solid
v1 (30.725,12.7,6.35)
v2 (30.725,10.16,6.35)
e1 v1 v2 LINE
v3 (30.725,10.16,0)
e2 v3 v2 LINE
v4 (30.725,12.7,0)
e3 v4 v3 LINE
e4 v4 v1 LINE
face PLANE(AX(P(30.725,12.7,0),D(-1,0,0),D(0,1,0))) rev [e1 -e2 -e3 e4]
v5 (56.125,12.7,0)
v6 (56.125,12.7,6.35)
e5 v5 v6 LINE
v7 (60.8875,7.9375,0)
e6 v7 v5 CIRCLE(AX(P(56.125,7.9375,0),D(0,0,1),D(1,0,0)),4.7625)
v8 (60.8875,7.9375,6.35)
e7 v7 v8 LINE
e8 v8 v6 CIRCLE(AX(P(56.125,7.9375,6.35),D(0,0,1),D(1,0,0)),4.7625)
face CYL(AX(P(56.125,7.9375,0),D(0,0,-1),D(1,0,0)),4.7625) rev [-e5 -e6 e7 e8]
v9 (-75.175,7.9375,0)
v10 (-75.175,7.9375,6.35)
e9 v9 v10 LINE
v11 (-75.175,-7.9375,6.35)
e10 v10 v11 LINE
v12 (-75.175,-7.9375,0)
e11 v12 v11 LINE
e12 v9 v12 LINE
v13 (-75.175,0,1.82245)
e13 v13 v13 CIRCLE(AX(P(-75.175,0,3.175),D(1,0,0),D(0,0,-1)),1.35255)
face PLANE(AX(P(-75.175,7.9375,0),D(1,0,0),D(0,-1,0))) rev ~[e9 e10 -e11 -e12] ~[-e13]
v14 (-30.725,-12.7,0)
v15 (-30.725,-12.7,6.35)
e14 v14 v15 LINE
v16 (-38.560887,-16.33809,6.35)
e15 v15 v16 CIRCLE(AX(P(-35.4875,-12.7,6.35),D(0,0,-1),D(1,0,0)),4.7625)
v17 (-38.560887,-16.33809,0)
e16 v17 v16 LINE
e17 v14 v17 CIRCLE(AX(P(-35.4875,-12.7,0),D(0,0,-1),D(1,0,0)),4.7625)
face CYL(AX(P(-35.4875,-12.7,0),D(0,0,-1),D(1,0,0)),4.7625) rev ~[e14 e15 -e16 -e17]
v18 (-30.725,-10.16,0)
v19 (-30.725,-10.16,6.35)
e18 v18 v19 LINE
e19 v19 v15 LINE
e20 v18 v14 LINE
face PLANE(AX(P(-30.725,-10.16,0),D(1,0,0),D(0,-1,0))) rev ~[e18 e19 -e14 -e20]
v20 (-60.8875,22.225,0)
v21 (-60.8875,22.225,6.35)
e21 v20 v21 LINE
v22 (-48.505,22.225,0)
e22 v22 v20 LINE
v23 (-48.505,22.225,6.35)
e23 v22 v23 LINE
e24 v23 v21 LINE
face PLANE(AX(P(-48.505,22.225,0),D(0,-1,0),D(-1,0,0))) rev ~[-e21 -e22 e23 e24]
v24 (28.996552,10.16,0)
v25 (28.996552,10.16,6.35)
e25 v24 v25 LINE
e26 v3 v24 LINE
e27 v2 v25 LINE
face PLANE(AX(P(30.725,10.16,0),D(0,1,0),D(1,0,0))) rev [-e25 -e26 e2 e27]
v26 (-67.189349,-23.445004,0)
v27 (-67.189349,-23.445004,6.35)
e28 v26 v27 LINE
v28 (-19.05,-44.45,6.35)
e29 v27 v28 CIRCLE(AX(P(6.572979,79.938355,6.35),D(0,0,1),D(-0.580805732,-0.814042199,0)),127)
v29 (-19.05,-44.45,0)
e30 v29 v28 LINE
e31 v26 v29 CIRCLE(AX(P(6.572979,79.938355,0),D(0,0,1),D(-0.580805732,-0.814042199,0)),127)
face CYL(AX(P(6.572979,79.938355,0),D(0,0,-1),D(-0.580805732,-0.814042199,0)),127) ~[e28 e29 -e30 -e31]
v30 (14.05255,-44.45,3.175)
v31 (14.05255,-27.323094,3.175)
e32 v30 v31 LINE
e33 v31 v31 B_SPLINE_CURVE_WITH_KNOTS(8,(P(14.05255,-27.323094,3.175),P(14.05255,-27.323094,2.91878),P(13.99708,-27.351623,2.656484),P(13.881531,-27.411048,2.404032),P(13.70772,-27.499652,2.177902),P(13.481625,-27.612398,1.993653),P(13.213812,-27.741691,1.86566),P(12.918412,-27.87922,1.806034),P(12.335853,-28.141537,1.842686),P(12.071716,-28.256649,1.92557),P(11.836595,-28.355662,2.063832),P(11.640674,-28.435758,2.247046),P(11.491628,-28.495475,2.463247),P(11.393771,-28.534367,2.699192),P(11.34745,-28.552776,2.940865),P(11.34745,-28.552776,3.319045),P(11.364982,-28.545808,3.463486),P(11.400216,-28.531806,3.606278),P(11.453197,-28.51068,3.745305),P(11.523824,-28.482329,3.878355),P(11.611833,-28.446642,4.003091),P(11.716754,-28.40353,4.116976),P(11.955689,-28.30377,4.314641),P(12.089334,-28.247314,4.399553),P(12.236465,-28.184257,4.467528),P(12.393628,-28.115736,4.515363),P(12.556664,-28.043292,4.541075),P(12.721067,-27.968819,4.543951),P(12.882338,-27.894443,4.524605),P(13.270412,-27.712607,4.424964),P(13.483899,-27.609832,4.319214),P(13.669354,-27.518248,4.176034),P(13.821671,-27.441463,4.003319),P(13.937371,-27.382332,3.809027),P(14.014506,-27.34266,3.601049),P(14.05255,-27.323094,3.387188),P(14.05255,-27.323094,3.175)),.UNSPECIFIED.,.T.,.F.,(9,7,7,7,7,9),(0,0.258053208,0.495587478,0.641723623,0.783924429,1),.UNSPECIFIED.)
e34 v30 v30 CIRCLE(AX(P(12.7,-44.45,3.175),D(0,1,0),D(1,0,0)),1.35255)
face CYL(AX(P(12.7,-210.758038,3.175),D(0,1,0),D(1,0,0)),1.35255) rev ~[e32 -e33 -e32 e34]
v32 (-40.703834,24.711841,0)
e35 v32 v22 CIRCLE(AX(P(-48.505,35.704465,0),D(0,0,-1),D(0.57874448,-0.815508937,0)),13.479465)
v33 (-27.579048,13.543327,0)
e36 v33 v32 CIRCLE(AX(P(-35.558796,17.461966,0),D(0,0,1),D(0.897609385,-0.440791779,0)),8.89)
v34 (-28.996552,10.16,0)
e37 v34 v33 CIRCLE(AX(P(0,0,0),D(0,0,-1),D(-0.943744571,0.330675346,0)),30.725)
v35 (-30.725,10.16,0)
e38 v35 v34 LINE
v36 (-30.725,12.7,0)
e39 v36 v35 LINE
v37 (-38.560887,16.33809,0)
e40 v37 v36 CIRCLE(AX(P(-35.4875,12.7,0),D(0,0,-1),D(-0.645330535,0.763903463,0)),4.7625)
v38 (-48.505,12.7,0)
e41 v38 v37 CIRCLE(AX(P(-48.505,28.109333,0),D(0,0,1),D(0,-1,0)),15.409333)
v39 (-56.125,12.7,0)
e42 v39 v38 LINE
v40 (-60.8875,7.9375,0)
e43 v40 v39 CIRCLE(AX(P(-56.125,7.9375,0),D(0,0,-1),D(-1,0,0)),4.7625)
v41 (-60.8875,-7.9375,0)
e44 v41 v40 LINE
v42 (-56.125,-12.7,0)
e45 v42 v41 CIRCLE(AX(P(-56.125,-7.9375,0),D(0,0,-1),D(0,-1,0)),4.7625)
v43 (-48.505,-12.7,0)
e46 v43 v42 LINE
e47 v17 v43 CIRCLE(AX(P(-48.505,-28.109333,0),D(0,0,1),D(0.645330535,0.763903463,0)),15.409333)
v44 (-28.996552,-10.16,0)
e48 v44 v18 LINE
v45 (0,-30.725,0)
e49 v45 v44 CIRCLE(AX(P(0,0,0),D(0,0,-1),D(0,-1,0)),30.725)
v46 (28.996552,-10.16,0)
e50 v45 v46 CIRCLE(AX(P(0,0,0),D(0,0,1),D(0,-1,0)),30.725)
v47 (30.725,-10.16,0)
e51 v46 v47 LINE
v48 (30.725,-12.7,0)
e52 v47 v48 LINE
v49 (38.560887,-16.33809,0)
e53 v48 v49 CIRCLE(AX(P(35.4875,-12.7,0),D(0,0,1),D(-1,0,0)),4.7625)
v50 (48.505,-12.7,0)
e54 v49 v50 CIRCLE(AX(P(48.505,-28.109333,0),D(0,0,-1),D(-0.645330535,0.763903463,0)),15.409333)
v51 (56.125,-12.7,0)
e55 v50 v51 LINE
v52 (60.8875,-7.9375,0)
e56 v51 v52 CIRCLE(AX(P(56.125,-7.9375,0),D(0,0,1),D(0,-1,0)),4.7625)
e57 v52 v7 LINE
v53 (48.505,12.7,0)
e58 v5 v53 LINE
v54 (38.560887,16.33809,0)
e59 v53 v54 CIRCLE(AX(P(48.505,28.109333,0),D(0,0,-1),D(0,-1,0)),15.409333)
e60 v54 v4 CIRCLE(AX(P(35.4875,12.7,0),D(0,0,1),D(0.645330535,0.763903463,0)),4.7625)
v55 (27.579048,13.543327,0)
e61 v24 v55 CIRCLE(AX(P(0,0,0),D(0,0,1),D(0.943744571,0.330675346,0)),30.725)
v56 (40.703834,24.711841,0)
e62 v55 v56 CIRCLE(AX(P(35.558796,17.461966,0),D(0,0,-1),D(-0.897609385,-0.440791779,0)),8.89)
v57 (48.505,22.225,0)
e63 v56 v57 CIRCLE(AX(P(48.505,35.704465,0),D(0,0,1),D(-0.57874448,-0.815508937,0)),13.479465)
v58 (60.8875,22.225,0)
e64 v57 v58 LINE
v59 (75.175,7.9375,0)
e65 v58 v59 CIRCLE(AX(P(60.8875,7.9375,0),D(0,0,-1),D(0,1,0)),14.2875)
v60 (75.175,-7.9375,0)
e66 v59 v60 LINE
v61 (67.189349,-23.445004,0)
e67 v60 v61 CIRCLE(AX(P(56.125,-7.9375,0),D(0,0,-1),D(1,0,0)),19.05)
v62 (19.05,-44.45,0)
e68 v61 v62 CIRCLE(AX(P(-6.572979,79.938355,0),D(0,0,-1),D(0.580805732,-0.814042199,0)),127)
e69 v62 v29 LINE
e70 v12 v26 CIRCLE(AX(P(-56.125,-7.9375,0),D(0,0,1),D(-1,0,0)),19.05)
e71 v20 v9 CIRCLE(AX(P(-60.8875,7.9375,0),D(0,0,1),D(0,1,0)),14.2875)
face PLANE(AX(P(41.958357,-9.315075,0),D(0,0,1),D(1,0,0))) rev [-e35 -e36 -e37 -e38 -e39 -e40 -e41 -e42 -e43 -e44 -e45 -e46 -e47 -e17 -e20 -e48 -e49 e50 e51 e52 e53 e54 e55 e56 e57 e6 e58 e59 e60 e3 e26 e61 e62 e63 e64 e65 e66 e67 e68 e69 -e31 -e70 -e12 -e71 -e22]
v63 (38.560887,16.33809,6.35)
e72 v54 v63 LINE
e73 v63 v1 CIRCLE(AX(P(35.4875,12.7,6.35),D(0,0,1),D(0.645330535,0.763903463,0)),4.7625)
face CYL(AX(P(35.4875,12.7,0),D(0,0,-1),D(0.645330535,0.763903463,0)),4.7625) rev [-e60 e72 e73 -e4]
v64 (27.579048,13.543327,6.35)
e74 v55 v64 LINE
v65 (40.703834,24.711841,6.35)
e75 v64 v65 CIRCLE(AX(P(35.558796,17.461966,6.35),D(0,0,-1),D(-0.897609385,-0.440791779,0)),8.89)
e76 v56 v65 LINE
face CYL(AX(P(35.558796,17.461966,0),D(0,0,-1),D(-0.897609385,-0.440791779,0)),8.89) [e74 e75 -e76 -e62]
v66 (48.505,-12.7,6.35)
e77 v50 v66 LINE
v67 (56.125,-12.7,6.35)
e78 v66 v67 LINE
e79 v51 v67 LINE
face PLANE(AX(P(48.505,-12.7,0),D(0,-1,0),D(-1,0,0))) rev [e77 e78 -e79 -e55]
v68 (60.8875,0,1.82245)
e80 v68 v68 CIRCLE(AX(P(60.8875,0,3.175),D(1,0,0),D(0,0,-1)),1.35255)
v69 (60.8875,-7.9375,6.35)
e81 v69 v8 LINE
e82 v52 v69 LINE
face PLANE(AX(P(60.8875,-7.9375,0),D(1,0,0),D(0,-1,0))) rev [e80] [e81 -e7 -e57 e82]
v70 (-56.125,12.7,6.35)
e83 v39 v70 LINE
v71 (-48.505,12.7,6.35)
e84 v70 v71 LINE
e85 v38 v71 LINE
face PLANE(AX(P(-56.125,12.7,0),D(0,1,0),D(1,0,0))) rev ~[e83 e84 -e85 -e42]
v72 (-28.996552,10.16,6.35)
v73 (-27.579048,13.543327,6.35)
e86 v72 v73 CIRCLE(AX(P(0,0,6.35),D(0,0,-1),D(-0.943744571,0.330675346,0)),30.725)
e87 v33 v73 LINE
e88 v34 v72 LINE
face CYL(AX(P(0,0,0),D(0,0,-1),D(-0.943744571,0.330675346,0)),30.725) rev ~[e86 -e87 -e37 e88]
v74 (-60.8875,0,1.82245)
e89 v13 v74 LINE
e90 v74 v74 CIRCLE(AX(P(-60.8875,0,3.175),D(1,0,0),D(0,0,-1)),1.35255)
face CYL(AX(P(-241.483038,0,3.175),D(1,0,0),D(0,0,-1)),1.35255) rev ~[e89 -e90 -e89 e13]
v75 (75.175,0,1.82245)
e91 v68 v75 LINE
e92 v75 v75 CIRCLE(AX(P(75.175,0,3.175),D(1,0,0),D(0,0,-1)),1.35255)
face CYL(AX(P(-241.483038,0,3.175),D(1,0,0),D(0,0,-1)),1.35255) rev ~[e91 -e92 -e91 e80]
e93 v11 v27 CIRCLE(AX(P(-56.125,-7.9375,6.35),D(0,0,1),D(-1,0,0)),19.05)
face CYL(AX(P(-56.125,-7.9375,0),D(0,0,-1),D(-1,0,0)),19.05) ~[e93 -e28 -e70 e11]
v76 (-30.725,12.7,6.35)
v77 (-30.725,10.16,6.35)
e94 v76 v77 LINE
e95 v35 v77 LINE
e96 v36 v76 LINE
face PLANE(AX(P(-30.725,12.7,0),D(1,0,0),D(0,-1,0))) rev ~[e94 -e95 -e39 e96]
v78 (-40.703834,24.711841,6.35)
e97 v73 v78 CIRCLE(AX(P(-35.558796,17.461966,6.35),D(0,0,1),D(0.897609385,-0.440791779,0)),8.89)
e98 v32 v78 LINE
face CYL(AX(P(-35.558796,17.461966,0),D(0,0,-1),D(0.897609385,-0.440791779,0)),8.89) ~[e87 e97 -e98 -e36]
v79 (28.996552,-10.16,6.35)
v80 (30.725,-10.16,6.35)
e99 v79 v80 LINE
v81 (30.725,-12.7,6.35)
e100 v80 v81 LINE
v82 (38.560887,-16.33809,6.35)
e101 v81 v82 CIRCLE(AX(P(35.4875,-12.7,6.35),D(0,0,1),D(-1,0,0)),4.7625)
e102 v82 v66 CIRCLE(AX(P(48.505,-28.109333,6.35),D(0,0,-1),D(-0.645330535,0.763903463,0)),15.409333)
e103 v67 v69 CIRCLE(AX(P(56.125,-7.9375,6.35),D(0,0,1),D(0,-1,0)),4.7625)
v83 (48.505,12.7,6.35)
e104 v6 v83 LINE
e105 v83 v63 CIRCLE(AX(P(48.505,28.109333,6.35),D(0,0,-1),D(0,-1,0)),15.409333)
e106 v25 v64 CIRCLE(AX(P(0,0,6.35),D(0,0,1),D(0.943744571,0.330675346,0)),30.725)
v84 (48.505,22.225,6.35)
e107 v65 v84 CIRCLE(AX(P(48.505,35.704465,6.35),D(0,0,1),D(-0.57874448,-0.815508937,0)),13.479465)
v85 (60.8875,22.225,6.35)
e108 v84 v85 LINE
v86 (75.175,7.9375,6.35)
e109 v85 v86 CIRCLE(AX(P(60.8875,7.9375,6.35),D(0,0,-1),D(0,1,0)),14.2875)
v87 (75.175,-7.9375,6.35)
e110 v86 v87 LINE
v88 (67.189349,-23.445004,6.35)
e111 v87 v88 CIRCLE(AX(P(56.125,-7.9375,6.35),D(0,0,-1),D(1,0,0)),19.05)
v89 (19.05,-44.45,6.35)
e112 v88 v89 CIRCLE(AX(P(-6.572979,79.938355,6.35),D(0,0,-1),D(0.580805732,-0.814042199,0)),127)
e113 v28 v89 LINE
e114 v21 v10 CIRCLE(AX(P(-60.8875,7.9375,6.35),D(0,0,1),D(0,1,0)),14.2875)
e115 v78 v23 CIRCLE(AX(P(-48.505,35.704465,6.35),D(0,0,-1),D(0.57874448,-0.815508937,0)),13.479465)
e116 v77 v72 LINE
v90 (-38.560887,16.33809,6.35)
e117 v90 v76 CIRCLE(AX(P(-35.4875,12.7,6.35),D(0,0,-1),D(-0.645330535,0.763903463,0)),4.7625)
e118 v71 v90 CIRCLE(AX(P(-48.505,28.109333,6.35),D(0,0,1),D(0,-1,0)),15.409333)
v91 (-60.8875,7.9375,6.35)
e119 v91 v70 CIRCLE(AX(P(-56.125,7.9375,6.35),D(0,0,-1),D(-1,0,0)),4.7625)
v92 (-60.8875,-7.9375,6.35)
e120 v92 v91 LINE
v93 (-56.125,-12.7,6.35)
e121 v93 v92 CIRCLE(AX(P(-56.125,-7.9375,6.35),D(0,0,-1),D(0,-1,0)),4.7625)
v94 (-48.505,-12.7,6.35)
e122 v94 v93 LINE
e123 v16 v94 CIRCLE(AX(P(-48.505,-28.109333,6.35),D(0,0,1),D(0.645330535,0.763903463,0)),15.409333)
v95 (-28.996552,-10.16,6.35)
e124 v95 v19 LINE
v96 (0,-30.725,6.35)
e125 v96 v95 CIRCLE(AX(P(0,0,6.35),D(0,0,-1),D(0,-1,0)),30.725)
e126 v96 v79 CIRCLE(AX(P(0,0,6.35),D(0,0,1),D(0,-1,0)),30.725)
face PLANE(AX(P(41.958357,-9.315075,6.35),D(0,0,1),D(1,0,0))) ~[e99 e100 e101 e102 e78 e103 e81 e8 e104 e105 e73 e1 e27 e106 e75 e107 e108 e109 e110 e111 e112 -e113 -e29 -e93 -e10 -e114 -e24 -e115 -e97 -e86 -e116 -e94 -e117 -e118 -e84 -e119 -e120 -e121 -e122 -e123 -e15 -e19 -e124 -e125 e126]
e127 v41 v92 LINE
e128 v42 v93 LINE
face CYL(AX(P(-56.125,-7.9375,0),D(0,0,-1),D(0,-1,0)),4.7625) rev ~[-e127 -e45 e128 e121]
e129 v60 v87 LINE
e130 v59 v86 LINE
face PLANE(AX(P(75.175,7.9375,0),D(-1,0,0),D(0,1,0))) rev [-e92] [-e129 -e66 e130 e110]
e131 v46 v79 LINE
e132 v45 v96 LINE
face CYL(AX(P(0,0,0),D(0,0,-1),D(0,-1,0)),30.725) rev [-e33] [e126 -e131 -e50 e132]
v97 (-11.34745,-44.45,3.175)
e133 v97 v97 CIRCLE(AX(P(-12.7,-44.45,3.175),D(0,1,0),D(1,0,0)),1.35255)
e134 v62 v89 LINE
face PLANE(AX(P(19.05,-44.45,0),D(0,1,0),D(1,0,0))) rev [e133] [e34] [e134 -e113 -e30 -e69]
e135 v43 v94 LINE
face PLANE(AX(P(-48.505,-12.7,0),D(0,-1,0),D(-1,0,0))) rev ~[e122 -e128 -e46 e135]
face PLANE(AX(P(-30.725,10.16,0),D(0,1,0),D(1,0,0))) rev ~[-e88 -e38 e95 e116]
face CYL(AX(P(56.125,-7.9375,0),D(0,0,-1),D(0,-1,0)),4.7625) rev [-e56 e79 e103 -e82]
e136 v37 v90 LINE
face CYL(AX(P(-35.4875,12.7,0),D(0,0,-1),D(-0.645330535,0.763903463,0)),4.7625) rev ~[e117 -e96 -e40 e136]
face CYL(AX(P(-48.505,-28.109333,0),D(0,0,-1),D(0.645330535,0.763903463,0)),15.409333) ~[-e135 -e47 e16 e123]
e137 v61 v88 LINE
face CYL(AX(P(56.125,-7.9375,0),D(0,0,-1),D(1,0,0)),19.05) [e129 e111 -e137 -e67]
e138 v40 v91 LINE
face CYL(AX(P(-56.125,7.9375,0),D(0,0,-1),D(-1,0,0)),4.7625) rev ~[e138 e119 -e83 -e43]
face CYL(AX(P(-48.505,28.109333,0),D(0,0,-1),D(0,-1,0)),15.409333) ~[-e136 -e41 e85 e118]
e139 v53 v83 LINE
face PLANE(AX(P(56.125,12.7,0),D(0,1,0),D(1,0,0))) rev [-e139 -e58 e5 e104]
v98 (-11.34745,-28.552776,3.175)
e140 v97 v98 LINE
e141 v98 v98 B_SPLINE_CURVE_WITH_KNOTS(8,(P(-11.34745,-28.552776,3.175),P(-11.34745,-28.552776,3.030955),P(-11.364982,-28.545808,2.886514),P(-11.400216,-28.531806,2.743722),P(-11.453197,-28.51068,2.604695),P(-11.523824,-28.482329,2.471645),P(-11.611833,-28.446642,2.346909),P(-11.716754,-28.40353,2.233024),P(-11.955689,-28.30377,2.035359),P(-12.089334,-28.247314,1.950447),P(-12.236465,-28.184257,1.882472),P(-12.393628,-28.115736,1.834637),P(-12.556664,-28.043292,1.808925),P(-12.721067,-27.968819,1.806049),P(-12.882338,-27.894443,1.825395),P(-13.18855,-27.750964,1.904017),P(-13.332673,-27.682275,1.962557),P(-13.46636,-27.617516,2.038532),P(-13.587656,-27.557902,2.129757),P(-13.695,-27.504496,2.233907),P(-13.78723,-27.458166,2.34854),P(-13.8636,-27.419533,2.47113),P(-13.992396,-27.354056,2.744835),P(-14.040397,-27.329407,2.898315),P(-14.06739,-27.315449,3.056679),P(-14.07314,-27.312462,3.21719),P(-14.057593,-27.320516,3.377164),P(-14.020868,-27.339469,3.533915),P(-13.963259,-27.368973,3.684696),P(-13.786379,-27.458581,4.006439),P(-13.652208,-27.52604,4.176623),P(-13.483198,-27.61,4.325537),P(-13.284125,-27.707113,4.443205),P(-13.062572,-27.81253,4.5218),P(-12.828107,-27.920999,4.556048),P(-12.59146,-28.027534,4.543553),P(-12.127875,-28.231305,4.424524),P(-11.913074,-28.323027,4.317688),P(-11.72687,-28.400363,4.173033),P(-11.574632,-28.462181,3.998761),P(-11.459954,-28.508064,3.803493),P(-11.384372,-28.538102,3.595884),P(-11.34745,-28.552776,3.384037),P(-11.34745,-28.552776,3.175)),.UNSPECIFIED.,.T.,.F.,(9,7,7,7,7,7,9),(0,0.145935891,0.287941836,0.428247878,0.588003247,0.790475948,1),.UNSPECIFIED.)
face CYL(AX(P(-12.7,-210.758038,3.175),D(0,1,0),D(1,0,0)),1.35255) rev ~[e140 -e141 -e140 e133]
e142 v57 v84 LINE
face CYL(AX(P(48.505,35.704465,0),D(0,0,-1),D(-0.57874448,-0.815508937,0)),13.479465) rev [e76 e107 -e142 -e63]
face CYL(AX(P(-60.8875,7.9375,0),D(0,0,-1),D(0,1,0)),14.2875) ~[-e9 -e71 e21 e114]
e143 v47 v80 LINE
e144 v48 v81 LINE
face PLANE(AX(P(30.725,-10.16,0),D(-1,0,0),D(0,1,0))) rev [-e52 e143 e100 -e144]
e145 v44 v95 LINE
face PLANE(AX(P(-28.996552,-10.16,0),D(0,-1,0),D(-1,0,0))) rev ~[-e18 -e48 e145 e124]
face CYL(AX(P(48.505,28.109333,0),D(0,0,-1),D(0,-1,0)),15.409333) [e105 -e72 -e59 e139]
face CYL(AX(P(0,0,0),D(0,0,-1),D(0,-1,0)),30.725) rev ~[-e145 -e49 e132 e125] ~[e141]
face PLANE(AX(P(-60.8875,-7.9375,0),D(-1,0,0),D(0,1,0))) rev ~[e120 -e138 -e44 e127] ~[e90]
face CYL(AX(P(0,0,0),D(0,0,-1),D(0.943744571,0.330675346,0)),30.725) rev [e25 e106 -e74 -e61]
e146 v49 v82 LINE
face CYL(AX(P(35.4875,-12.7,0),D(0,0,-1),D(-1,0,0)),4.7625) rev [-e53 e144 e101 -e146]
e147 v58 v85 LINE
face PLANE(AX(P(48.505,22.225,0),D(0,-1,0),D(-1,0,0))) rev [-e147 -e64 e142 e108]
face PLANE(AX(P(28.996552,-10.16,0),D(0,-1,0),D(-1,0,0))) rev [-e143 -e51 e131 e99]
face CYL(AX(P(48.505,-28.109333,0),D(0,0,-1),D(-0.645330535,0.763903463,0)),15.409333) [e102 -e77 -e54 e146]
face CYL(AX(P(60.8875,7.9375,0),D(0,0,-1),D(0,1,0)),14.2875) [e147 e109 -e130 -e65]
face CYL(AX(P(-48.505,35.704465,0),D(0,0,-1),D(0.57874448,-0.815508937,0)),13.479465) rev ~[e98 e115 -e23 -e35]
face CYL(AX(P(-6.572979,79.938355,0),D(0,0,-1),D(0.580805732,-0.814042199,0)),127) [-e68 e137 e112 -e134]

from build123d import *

# Parameters (mm, degrees)
BOSS_EXTRUDE1_DEPTH   = 6.35
F_6_32_TAPPED_HOLE2_D = 2.7051
F_6_32_TAPPED_HOLE1_D = 2.7051


with BuildPart() as part:
    # Sketch1 → Boss-Extrude1 (new body)
    with BuildSketch(Plane.XY):
        with BuildLine():
            Line((-30.725, 12.7), (-30.725, 10.16))
            Line((-30.725, 10.16), (-28.99655195, 10.16))
            ThreePointArc((-28.99655195, 10.16), (-28.338337344, 11.872837132), (-27.579048351, 13.5433274))
            ThreePointArc((-27.579048351, 13.5433274), (-29.797475058, 24.232437752), (-40.703834208, 24.711840767))
            ThreePointArc((-40.703834208, 24.711840767), (-44.411023794, 22.861749744), (-48.505, 22.225))
            Line((-48.505, 22.225), (-60.8875, 22.225))
            ThreePointArc((-60.8875, 22.225), (-70.990288136, 18.040288136), (-75.175, 7.9375))
            Line((-75.175, 7.9375), (-75.175, -7.9375))
            ThreePointArc((-75.175, -7.9375), (-73.061327111, -16.658929011), (-67.189349187, -23.445003896))
            ThreePointArc((-67.189349187, -23.445003896), (-44.21739693, -36.463267178), (-19.05, -44.45))
            Line((-19.05, -44.45), (0, -44.45))
            Line((0, -44.45), (0, -30.725))
            ThreePointArc((0, -30.725), (-17.774414547, -25.061839767), (-28.99655195, -10.16))
            Line((-28.99655195, -10.16), (-30.725, -10.16))
            Line((-30.725, -10.16), (-30.725, -12.7))
            ThreePointArc((-30.725, -12.7), (-33.481957403, -17.019630209), (-38.560886674, -16.338090241))
            ThreePointArc((-38.560886674, -16.338090241), (-43.210637658, -13.638076264), (-48.505, -12.7))
            Line((-48.505, -12.7), (-56.125, -12.7))
            ThreePointArc((-56.125, -12.7), (-59.492596045, -11.305096045), (-60.8875, -7.9375))
            Line((-60.8875, -7.9375), (-60.8875, 7.9375))
            ThreePointArc((-60.8875, 7.9375), (-59.492596045, 11.305096045), (-56.125, 12.7))
            Line((-56.125, 12.7), (-48.505, 12.7))
            ThreePointArc((-48.505, 12.7), (-43.210637658, 13.638076264), (-38.560886674, 16.338090241))
            ThreePointArc((-38.560886674, 16.338090241), (-33.481957403, 17.019630209), (-30.725, 12.7))
        make_face()
    boss_extrude1 = extrude(amount=BOSS_EXTRUDE1_DEPTH)

    # Mirror1: Boss-Extrude1 across plane
    add(boss_extrude1.mirror(Plane(origin=(0, -30.725, 6.35), x_dir=(0, 0, 1), z_dir=(-1, 0, 0))))

    # #6-32 Tapped Hole2 (through all)
    with Locations(Plane(origin=(0, -44.45, 0), x_dir=(-1, 0, 0), z_dir=(0, -1, 0))):
        with Locations((-12.7, -3.175), (12.7, -3.175)):
            Hole(F_6_32_TAPPED_HOLE2_D / 2)

    # #6-32 Tapped Hole1 (through all)
    with Locations(Plane.ZY.offset(75.175)):
        with Locations((3.175, 0)):
            Hole(F_6_32_TAPPED_HOLE1_D / 2)


solid = part.part
